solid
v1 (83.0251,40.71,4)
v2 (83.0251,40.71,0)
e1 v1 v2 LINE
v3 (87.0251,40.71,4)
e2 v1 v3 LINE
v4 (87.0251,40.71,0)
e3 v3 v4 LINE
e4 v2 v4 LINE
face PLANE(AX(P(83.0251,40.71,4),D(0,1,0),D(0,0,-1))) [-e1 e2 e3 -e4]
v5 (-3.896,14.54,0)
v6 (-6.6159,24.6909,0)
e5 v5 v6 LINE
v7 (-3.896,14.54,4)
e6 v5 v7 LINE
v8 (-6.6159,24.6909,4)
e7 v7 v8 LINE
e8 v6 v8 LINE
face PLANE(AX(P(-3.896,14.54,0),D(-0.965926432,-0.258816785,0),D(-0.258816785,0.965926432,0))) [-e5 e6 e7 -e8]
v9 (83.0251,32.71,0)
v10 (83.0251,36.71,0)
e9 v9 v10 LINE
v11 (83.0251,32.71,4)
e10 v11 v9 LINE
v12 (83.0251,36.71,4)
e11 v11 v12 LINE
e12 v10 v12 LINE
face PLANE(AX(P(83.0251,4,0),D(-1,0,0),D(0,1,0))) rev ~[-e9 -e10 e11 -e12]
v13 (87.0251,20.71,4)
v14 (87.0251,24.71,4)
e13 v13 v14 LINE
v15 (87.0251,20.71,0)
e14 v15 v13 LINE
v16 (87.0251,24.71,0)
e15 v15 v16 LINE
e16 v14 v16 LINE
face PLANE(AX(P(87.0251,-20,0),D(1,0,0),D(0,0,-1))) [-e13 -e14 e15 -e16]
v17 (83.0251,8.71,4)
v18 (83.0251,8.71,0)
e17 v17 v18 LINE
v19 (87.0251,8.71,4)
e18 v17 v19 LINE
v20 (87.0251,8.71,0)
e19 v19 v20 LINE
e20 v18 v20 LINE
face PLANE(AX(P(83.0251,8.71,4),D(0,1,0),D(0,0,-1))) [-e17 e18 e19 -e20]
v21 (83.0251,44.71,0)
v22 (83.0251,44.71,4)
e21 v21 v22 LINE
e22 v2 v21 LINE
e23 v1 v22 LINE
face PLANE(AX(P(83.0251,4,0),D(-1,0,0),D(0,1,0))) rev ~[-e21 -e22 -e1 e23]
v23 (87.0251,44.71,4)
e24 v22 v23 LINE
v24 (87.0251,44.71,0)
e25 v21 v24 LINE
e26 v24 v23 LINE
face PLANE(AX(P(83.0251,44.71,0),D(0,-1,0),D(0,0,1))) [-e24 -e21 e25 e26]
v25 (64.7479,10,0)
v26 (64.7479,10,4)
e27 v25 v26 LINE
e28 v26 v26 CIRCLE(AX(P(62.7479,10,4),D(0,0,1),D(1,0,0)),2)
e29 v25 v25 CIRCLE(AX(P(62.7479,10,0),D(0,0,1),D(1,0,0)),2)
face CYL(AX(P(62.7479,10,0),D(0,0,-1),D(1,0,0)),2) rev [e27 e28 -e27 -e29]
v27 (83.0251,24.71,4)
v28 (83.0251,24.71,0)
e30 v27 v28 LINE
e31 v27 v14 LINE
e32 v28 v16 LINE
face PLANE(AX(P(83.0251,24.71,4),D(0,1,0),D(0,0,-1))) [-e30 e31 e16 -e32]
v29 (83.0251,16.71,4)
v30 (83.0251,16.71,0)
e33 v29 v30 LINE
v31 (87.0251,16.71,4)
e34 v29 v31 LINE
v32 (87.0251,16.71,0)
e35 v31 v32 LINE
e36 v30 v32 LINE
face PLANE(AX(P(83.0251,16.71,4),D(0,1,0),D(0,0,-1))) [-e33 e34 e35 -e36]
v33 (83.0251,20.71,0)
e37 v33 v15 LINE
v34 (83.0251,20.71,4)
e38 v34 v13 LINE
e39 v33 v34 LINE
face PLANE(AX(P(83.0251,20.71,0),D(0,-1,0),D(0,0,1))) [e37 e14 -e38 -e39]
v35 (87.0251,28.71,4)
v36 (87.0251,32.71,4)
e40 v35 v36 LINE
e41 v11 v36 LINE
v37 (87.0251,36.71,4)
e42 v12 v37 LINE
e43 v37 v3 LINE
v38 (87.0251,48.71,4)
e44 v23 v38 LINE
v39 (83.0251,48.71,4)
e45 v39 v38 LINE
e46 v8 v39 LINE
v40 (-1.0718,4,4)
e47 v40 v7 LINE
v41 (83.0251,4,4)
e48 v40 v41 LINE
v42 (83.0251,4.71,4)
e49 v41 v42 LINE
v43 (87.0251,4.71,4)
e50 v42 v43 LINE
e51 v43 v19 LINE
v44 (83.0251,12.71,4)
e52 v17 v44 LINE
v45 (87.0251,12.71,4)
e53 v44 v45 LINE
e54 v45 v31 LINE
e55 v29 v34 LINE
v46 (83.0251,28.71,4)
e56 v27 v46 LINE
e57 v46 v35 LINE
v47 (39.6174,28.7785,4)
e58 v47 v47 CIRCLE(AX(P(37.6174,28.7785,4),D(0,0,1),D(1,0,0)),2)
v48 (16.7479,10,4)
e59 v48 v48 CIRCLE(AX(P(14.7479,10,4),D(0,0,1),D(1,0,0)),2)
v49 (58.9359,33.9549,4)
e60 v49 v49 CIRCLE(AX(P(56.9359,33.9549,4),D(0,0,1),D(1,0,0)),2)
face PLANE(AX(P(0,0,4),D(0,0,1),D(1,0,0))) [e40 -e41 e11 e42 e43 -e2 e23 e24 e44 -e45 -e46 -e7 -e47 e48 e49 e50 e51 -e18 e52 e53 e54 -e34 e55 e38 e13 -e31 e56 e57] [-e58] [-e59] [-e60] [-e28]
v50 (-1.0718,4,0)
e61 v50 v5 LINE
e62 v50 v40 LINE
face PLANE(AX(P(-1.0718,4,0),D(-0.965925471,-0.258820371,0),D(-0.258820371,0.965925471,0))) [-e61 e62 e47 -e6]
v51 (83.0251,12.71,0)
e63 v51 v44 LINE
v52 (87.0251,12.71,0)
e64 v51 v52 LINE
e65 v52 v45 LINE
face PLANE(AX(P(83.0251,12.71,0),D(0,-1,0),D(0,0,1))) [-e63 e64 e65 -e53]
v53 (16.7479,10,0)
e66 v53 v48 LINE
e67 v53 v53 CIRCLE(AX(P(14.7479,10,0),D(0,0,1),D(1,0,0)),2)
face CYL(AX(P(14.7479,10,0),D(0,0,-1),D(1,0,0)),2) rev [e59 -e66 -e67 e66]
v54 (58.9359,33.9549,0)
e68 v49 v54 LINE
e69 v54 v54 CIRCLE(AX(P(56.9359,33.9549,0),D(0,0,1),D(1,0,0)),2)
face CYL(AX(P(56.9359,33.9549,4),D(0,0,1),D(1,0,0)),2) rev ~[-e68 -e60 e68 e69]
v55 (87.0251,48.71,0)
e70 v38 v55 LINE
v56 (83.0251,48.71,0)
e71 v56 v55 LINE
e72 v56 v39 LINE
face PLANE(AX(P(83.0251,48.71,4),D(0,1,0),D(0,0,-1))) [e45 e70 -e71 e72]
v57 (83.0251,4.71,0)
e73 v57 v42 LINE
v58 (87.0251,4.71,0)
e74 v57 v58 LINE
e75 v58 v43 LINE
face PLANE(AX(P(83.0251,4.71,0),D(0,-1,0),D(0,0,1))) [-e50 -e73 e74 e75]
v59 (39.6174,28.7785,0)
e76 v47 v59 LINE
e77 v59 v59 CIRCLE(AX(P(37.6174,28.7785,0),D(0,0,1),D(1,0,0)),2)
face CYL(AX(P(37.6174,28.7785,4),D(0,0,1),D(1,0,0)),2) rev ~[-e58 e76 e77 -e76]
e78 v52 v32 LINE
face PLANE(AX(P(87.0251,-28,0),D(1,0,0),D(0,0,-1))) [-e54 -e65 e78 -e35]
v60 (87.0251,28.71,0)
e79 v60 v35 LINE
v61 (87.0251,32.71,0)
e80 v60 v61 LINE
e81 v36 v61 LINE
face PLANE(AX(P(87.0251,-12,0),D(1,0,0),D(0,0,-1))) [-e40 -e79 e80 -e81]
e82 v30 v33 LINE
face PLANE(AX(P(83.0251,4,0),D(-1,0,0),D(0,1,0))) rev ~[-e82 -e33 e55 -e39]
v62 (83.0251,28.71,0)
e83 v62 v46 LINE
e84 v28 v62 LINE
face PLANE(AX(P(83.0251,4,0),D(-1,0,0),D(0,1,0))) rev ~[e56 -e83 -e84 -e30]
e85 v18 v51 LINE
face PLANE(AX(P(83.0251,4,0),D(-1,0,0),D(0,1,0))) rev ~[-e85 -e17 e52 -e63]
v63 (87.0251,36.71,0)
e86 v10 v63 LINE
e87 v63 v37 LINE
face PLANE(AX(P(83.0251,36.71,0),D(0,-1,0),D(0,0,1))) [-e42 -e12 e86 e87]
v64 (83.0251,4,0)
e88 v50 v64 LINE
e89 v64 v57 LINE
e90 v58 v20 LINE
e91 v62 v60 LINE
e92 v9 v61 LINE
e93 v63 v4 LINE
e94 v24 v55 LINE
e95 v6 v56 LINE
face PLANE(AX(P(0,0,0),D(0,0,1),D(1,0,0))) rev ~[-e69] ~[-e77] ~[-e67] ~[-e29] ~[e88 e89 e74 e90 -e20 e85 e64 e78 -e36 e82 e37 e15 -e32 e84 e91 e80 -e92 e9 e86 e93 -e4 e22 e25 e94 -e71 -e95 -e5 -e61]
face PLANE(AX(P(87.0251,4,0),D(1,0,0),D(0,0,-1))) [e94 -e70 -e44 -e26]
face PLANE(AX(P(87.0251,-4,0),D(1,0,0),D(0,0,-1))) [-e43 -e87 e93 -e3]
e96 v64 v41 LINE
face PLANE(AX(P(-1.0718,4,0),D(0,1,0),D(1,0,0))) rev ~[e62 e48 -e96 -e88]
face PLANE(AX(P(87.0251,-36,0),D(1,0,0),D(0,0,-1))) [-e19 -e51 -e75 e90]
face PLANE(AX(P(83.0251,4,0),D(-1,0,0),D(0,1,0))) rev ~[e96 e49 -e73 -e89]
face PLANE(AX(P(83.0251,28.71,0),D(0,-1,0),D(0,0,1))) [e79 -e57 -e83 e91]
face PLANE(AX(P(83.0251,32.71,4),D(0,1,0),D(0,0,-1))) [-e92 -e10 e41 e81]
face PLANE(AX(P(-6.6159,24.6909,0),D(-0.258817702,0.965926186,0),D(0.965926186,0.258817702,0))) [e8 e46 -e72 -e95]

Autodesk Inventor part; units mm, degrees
ref_plane "YZ Plane" through (0, 0, 0) normal (1, 0, 0) x (0, 1, 0)
ref_plane "XZ Plane" through (0, 0, 0) normal (0, 1, 0) x (-1, 0, 0)
ref_plane "XY Plane" through (0, 0, 0) normal (0, 0, 1) x (1, 0, 0)
sketch "Эскиз1" plane through (0, 0, 0) normal (0, 0, 1) x (1, 0, 0)
  line L0 (-1.0718, 4) -> (83.0251, 4)
  circle A0 centre (14.7479, 10) radius 2
  circle A1 centre (62.7479, 10) radius 2
  line L1 (-1.0718, 4) -> (-3.896, 14.54)
  line L2 (83.0251, 4) -> (83.0251, 48.71)
  line L3 (-3.896, 14.54) -> (-6.6159, 24.6909)
  line L4 (-6.6159, 24.6909) -> (83.0251, 48.71)
  dimension "d0" = 10.509
extrude "Выдавливание1" add sketch "Эскиз1" along normal blind 4
sketch "Эскиз2" plane through (83.0251, 4, 0) normal (1, 0, 0) x (0, 0, -1)
  line L0 (-4, 0) -> (-4, 44.71) projected
  line L1 (0, 0) -> (0, 44.71) projected
  line L2 (-4, 44.71) -> (0, 44.71)
  line L3 (0, 44.71) -> (0, 40.71)
  line L4 (0, 40.71) -> (-4, 40.71)
  line L5 (-4, 40.71) -> (-4, 44.71)
  point P0 (0, -4)
  point P1 (-4, 40.71)
  dimension "d3" = 4
extrude "Выдавливание2" add sketch "Эскиз2" along normal blind 4
pattern_linear "Прямоуг.массив1" count 6 spacing 8 along (0, -1, 0) of "Выдавливание2"
sketch "Эскиз3" plane through (0, 0, 4) normal (0, 0, 1) x (1, 0, 0)
  circle A0 centre (56.9359, 33.9549) radius 2 projected
  line L0 (-6.6159, 24.6909) -> (-1.0718, 4) projected
  line L1 (-1.0718, 4) -> (83.0251, 4) projected
  line L2 (83.0251, 4) -> (83.0251, 4.71) projected
  line L3 (83.0251, 4.71) -> (87.0251, 4.71) projected
  line L4 (87.0251, 8.71) -> (87.0251, 4.71) projected
  line L5 (83.0251, 8.71) -> (87.0251, 8.71) projected
  line L6 (83.0251, 8.71) -> (83.0251, 12.71) projected
  line L7 (83.0251, 12.71) -> (87.0251, 12.71) projected
  line L8 (87.0251, 16.71) -> (87.0251, 12.71) projected
  line L9 (83.0251, 16.71) -> (87.0251, 16.71) projected
  line L10 (83.0251, 16.71) -> (83.0251, 20.71) projected
  line L11 (83.0251, 20.71) -> (87.0251, 20.71) projected
  line L12 (87.0251, 24.71) -> (87.0251, 20.71) projected
  line L13 (83.0251, 24.71) -> (87.0251, 24.71) projected
  line L14 (83.0251, 24.71) -> (83.0251, 28.71) projected
  line L15 (83.0251, 28.71) -> (87.0251, 28.71) projected
  line L16 (87.0251, 32.71) -> (87.0251, 28.71) projected
  line L17 (83.0251, 32.71) -> (87.0251, 32.71) projected
  line L18 (83.0251, 32.71) -> (83.0251, 36.71) projected
  line L19 (83.0251, 36.71) -> (87.0251, 36.71) projected
  line L20 (87.0251, 40.71) -> (87.0251, 36.71) projected
  line L21 (83.0251, 40.71) -> (87.0251, 40.71) projected
  line L22 (83.0251, 40.71) -> (83.0251, 44.71) projected
  line L23 (83.0251, 44.71) -> (87.0251, 44.71) projected
  line L24 (87.0251, 48.71) -> (87.0251, 44.71) projected
  line L25 (83.0251, 48.71) -> (87.0251, 48.71) projected
  line L26 (83.0251, 48.71) -> (-6.6159, 24.6909) projected
  circle A1 centre (62.7479, 10) radius 2 projected
  circle A2 centre (14.7479, 10) radius 2 projected
  circle A3 centre (37.6174, 28.7785) radius 2 projected
  point P0 (0, 0)
extrude "Выдавливание3" cut sketch "Эскиз3" against normal blind 10 contours A0 | A3
properties part number "KB33-046-004-009 - Передняя левая боковая пластина"
